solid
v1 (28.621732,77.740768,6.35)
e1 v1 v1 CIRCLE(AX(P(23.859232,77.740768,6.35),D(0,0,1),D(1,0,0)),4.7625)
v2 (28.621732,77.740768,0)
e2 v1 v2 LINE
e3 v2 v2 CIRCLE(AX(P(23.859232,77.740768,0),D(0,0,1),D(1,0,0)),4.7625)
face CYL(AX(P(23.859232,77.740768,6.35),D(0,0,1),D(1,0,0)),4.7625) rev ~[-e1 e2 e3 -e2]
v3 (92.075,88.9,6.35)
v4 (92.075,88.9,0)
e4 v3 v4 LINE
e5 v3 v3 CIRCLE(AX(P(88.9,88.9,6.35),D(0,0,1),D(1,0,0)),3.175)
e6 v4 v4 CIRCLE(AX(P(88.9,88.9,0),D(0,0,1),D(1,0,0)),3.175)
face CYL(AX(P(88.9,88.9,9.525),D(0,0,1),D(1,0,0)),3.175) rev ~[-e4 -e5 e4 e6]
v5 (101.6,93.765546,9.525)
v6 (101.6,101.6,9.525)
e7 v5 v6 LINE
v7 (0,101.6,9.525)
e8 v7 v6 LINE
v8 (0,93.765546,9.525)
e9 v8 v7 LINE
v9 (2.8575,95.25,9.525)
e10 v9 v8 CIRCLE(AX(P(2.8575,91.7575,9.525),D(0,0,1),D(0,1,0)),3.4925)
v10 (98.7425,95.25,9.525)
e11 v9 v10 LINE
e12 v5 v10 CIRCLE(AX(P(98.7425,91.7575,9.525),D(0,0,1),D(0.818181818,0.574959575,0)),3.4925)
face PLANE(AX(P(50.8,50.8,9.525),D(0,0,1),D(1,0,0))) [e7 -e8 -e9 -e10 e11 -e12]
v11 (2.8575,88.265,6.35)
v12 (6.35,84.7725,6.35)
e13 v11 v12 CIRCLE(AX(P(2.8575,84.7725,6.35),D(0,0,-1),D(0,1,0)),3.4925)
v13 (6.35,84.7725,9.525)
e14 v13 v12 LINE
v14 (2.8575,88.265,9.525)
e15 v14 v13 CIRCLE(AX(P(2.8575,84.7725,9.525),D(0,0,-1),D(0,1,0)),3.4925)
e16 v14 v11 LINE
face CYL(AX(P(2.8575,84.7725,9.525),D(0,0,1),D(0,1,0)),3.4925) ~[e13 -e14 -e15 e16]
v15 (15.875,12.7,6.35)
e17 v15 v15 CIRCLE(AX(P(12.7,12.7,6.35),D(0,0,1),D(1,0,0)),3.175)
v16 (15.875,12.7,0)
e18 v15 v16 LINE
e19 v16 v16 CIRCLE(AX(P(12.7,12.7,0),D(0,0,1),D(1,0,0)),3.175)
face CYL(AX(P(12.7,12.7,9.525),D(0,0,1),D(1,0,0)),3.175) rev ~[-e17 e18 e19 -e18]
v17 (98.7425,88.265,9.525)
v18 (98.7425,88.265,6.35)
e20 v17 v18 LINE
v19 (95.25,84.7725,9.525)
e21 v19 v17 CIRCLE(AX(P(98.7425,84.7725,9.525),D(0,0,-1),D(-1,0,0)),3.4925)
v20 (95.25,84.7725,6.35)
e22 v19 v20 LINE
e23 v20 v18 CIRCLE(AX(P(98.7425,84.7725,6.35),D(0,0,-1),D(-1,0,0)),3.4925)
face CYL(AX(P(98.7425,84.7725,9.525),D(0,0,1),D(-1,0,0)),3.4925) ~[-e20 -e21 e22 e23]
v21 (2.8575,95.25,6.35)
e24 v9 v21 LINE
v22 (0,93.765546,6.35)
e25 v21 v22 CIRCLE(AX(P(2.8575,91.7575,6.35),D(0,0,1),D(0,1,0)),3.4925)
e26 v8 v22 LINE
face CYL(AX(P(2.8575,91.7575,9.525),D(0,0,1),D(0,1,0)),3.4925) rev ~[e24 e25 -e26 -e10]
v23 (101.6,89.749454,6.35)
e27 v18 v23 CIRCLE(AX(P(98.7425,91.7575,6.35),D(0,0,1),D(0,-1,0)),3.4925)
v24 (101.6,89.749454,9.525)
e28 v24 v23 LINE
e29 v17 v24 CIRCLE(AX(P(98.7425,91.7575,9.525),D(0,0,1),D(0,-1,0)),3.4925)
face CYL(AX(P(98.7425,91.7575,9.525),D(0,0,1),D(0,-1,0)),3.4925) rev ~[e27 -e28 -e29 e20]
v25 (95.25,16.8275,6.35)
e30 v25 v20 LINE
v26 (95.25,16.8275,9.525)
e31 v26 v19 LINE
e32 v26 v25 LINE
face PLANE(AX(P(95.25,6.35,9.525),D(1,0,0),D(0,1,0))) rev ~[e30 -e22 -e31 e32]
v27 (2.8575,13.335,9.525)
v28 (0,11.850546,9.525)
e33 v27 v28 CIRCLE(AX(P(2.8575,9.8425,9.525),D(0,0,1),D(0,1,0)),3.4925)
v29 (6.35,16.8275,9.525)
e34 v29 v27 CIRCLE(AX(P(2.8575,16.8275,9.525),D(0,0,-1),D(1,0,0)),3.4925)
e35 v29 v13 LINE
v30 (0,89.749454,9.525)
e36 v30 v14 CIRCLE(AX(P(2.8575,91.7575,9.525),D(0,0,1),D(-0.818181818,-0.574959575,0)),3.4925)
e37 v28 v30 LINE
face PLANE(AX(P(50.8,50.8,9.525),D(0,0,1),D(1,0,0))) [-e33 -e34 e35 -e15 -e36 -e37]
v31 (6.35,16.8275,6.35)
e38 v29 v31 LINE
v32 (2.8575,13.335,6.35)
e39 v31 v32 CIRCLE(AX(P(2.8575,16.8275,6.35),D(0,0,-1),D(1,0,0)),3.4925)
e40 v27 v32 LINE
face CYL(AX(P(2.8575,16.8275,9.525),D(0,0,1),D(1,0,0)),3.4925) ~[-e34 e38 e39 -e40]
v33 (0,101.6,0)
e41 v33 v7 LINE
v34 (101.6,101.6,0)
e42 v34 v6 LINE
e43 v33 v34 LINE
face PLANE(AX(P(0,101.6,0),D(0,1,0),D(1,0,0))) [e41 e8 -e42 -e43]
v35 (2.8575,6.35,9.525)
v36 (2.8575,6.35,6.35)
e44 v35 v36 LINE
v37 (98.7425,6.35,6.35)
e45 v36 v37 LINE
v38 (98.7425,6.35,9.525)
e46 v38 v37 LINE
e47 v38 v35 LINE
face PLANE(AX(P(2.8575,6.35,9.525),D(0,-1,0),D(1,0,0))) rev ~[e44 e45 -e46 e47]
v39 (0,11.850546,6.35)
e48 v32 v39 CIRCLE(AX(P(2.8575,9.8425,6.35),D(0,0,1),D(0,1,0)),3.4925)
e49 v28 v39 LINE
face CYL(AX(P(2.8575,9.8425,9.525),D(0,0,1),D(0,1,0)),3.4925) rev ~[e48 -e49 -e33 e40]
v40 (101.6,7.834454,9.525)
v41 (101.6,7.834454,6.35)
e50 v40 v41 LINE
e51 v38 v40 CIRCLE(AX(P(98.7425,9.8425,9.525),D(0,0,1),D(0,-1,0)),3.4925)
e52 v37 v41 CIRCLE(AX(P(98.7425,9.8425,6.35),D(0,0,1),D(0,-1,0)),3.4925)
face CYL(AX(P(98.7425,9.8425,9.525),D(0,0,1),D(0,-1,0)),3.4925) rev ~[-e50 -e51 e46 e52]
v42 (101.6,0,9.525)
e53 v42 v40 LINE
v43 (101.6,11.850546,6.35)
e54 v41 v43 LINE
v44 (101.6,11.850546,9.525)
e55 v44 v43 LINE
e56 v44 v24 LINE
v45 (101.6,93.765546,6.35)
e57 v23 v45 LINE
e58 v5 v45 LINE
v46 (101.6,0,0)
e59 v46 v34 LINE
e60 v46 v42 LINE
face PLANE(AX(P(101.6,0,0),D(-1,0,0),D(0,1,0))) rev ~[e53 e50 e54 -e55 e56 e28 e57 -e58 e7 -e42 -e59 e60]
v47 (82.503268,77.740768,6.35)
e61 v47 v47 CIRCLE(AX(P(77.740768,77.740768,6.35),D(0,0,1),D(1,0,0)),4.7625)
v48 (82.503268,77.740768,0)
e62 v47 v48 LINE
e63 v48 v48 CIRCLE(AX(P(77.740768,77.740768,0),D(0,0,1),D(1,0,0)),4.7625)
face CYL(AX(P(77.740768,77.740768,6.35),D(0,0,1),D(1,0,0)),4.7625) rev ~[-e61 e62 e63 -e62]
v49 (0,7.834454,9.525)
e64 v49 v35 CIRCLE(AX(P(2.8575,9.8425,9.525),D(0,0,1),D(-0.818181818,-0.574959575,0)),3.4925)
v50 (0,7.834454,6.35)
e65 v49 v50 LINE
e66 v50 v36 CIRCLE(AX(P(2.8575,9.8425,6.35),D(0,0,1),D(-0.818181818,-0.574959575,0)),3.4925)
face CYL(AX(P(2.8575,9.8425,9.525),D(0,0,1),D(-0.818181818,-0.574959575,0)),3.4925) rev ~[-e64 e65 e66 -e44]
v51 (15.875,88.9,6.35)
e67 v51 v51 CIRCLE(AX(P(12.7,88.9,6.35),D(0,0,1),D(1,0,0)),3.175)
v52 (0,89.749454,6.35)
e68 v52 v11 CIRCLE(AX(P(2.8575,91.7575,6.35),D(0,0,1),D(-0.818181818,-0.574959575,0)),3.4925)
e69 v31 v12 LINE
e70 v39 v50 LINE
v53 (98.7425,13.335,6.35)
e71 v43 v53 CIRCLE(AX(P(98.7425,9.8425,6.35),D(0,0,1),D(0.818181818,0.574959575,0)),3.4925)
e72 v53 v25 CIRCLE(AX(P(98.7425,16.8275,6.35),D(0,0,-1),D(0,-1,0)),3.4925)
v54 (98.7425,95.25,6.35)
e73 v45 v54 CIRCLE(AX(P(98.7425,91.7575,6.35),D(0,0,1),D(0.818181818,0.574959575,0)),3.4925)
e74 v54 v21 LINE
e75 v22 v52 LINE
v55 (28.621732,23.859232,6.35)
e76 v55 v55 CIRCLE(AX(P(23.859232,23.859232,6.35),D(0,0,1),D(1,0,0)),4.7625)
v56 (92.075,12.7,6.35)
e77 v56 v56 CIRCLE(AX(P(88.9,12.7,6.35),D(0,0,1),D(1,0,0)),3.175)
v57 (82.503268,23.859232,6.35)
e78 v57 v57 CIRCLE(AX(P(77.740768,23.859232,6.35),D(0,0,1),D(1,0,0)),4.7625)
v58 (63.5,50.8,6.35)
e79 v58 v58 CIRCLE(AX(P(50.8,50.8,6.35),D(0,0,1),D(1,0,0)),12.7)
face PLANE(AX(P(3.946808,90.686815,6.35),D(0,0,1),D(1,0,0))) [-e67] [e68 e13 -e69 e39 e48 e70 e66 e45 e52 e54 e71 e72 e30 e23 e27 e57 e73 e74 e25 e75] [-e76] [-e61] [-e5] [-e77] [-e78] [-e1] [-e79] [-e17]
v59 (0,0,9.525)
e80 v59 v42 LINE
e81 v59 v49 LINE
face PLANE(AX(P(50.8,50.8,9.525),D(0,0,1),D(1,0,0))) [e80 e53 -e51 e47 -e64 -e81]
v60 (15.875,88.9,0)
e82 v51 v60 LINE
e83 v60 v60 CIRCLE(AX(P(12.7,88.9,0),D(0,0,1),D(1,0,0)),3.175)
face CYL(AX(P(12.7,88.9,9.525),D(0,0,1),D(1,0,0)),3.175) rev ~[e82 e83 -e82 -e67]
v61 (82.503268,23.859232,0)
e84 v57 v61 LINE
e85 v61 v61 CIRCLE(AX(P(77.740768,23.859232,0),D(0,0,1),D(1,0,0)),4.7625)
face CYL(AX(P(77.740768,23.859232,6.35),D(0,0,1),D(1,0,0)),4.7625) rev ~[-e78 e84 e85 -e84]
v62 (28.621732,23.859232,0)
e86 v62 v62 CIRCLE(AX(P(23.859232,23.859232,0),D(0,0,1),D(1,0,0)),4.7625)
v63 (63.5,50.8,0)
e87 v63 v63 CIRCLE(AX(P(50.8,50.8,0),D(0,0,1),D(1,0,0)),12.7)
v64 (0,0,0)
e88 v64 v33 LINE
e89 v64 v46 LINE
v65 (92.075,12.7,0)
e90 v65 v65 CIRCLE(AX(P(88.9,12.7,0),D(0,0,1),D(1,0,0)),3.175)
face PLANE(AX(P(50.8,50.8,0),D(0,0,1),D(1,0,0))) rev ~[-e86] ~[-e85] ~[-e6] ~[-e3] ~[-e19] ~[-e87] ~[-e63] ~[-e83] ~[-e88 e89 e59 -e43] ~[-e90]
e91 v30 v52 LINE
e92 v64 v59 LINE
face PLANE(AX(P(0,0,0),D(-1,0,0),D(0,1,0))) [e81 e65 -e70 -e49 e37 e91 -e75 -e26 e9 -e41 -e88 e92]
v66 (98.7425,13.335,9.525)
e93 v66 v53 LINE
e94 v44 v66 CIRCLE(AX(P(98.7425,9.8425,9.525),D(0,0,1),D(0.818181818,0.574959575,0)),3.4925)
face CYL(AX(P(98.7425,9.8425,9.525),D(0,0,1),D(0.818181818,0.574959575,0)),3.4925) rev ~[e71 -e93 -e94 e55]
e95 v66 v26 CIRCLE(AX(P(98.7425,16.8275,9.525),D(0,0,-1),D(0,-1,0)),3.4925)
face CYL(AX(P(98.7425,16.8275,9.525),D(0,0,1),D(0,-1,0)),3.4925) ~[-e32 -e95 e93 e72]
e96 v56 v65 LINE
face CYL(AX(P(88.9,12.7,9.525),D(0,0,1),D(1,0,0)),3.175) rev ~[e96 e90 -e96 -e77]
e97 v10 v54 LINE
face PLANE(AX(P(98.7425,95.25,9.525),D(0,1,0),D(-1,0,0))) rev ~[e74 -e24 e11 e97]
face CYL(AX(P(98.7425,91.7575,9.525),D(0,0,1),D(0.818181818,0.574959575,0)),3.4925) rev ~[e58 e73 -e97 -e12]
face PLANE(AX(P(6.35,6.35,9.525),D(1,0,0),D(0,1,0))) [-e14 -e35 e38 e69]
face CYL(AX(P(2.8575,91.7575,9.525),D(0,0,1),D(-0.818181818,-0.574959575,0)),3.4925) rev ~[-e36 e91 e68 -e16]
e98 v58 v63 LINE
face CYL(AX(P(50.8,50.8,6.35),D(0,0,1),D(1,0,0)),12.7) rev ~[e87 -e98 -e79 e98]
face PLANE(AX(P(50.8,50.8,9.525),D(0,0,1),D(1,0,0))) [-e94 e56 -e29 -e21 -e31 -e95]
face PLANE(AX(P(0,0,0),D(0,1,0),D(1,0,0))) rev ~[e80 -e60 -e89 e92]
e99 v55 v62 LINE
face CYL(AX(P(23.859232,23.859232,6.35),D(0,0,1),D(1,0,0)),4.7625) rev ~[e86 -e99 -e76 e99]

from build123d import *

# Parameters (mm, degrees)
F0_W     = 101.6
F0_H     = 101.6
F1_DEPTH = 9.525
F2_W     = 88.9
F2_H     = 88.9
F3_DEPTH = 3.175
F5_DEPTH = 3.175
F6_R     = 4.7625
F6_R_2   = 12.7
F7_DEPTH = 6.351
F8_R     = 3.175
F9_DEPTH = 9.526


with BuildPart() as f1:
    # F0 (on Top) → F1 (new body)
    with BuildSketch(Plane.XY):
        with Locations((50.8, 50.8)):
            Rectangle(F0_W, F0_H)
    extrude(amount=F1_DEPTH)

    # F2 (on face) → F3 (cut)
    with BuildSketch(Plane.XY.offset(9.525)):
        with Locations((50.8, 50.8)):
            Rectangle(F2_W, F2_H)
    extrude(amount=-F3_DEPTH, mode=Mode.SUBTRACT)

    # F4 (on face) → F5 (cut)
    with BuildSketch(Plane.XY.offset(9.525)):
        with BuildLine():
            Line((6.35, 95.25), (2.8575, 95.25))
            ThreePointArc((2.8575, 95.25), (1.2474604822, 94.8567465215), (0, 93.7655463142))
            Line((0, 93.7655463142), (0, 89.7494536858))
            ThreePointArc((0, 89.7494536858), (1.2474604822, 88.6582534785), (2.8575, 88.265))
            ThreePointArc((2.8575, 88.265), (5.3270704333, 87.2420704333), (6.35, 84.7725))
            Line((6.35, 84.7725), (6.35, 95.25))
        make_face()
        with BuildLine():
            ThreePointArc((2.8575, 13.335), (1.2474604822, 12.9417465215), (0, 11.8505463142))
            Line((0, 11.8505463142), (0, 7.8344536858))
            ThreePointArc((0, 7.8344536858), (1.2474604822, 6.7432534785), (2.8575, 6.35))
            Line((2.8575, 6.35), (6.35, 6.35))
            Line((6.35, 6.35), (6.35, 16.8275))
            ThreePointArc((6.35, 16.8275), (5.3270704333, 14.3579295667), (2.8575, 13.335))
        make_face()
        with BuildLine():
            ThreePointArc((98.7425, 13.335), (96.2729295667, 14.3579295667), (95.25, 16.8275))
            Line((95.25, 16.8275), (95.25, 6.35))
            Line((95.25, 6.35), (98.7425, 6.35))
            ThreePointArc((98.7425, 6.35), (100.3525395178, 6.7432534785), (101.6, 7.8344536858))
            Line((101.6, 7.8344536858), (101.6, 11.8505463142))
            ThreePointArc((101.6, 11.8505463142), (100.3525395178, 12.9417465215), (98.7425, 13.335))
        make_face()
        with BuildLine():
            Line((98.7425, 95.25), (95.25, 95.25))
            Line((95.25, 95.25), (95.25, 84.7725))
            ThreePointArc((95.25, 84.7725), (96.2729295667, 87.2420704333), (98.7425, 88.265))
            ThreePointArc((98.7425, 88.265), (100.3525395178, 88.6582534785), (101.6, 89.7494536858))
            Line((101.6, 89.7494536858), (101.6, 93.7655463142))
            ThreePointArc((101.6, 93.7655463142), (100.3525395178, 94.8567465215), (98.7425, 95.25))
        make_face()
    extrude(amount=-F5_DEPTH, mode=Mode.SUBTRACT)

    # F6 (on face) → F7 (cut, through all)
    with BuildSketch(Plane.XY.offset(6.35)):
        with Locations((23.8592316368, 77.7407683632)):
            Circle(F6_R)
        with Locations((77.7407683632, 77.7407683632)):
            Circle(F6_R)
        with Locations((77.7407683632, 23.8592316368)):
            Circle(F6_R)
        with Locations((23.8592316368, 23.8592316368)):
            Circle(F6_R)
        with Locations((50.8, 50.8)):
            Circle(F6_R_2)
    extrude(amount=-F7_DEPTH, mode=Mode.SUBTRACT)

    # F8 (on face) → F9 (cut, through all)
    with BuildSketch(Plane.XY.offset(9.525)):
        with Locations((12.7, 12.7)):
            Circle(F8_R)
        with Locations((88.9, 88.9)):
            Circle(F8_R)
        with Locations((12.7, 88.9)):
            Circle(F8_R)
        with Locations((88.9, 12.7)):
            Circle(F8_R)
    extrude(amount=-F9_DEPTH, mode=Mode.SUBTRACT)


solid = f1.part
